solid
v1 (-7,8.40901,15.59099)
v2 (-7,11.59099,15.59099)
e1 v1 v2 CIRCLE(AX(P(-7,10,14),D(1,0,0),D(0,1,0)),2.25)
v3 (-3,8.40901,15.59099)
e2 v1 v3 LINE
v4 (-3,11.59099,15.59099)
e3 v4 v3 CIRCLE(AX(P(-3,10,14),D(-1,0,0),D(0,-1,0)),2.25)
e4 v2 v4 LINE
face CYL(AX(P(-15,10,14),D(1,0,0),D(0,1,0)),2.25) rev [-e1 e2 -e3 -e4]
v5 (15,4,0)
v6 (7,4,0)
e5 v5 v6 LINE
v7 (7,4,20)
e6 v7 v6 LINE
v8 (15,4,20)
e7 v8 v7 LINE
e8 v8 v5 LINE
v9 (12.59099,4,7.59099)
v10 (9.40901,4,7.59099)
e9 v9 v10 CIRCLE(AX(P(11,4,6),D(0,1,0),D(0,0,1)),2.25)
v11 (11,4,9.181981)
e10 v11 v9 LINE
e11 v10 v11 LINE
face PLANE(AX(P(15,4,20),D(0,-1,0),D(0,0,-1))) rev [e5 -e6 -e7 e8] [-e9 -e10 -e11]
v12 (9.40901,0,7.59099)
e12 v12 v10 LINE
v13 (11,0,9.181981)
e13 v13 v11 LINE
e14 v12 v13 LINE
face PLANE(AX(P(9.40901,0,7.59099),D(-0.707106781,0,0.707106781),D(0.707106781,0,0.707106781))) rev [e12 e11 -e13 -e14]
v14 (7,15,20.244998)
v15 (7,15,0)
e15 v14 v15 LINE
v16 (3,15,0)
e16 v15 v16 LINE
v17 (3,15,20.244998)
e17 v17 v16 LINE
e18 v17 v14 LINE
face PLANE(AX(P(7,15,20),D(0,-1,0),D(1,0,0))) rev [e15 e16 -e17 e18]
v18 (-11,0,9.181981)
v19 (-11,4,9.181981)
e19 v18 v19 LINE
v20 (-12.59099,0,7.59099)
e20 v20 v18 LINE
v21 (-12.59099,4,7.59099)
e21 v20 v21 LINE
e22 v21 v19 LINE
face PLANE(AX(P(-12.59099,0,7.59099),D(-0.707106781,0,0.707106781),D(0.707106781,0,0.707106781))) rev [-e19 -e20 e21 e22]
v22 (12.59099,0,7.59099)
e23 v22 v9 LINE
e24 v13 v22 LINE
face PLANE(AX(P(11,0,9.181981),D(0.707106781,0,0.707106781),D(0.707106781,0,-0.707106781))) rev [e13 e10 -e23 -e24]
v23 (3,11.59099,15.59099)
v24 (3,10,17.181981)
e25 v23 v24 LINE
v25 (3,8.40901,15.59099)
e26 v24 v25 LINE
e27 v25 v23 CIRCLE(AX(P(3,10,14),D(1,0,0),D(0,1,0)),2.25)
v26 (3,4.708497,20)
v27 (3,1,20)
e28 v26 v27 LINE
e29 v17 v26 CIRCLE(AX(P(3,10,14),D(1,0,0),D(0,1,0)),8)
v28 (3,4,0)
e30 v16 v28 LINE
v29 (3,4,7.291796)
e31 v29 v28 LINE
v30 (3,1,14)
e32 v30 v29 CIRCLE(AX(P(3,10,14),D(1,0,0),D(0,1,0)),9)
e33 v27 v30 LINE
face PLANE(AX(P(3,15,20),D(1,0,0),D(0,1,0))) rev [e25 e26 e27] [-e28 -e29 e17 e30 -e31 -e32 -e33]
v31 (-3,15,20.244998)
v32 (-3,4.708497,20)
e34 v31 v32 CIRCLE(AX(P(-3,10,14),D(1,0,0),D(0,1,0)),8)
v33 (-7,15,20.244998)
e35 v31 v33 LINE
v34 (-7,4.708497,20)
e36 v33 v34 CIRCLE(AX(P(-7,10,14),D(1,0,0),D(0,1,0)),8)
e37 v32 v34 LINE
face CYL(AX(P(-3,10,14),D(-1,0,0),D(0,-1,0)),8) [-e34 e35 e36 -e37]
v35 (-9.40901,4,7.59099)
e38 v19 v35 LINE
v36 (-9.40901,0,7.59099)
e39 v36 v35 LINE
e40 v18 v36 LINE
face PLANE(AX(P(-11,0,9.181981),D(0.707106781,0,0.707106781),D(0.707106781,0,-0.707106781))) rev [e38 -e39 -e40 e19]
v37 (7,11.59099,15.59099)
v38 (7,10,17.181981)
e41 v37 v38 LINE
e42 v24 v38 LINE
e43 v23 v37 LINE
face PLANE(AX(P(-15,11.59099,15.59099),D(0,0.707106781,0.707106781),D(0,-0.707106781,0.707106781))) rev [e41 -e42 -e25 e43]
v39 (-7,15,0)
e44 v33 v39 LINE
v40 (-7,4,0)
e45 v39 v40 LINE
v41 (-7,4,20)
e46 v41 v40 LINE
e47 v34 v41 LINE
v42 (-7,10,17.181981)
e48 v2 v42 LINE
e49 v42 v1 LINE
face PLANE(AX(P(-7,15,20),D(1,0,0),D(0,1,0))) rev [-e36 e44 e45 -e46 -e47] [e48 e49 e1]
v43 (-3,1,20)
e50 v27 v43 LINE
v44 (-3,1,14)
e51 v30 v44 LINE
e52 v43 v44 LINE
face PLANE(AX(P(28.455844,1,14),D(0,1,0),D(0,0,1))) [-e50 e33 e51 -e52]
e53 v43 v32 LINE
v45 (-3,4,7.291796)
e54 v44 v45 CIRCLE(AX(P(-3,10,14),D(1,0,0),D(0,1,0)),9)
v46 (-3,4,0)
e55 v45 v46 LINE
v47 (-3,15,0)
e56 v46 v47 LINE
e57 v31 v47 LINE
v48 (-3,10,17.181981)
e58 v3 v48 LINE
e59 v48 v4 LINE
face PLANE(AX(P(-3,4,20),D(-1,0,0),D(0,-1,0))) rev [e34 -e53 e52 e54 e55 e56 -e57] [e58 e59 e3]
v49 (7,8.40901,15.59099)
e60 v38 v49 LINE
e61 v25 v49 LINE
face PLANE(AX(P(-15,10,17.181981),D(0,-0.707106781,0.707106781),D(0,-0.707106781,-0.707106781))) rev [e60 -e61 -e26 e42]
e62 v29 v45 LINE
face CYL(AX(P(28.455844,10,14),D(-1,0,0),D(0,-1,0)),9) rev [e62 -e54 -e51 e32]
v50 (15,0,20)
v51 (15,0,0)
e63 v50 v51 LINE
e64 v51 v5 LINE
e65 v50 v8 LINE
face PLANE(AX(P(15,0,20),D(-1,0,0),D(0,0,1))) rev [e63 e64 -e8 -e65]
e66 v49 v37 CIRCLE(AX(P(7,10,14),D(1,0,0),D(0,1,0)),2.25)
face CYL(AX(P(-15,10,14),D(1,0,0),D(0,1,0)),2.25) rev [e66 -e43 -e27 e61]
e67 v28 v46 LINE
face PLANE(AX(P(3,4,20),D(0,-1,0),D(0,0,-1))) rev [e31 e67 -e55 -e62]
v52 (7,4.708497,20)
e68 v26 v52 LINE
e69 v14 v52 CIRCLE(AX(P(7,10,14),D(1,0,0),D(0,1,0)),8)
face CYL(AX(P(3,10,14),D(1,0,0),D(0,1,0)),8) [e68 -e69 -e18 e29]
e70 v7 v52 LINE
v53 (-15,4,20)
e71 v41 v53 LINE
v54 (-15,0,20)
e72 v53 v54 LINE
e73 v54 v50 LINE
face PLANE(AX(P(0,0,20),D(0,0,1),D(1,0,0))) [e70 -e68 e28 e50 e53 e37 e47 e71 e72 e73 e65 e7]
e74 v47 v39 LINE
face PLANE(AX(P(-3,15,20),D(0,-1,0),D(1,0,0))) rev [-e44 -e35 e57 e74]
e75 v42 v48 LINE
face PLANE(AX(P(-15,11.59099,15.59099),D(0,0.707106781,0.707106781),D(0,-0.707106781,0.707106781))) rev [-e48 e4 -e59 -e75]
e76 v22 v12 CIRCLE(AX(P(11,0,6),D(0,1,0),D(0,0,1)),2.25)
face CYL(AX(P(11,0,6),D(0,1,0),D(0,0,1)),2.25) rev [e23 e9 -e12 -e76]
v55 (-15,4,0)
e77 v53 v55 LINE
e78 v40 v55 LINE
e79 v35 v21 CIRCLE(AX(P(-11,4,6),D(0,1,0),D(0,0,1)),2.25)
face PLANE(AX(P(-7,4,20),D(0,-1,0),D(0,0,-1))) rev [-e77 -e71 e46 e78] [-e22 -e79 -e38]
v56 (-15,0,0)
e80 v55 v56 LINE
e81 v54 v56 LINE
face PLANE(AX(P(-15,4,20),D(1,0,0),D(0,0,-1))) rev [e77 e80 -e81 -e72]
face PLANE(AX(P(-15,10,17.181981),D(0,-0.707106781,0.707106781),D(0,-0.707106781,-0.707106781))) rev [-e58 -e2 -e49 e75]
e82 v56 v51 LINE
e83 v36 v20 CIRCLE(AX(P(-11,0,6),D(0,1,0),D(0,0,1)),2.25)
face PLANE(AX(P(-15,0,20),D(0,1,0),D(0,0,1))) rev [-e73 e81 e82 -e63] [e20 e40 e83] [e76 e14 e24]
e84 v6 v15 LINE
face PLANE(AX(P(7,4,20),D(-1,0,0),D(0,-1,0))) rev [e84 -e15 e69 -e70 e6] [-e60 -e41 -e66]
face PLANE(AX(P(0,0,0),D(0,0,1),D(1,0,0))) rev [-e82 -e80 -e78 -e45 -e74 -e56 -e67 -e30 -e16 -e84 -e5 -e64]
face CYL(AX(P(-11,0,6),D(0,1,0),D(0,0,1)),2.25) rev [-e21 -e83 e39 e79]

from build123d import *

# Parameters (mm, degrees)
BOSS_EXTRUDE1_DEPTH = 20
CUT_EXTRUDE1_DEPTH  = 28.313000567
CUT_EXTRUDE2_DEPTH  = 34.301651611
CUT_EXTRUDE3_DEPTH  = 6
BOSS_EXTRUDE2_DEPTH = 4


with BuildPart() as part:
    # Sketch1 → Boss-Extrude1 (new body)
    with BuildSketch(Plane.XY):
        Polygon((-15, 0), (15, 0), (15, 4), (7, 4), (7, 15), (3, 15), (3, 4), (-3, 4), (-3, 15), (-7, 15), (-7, 4), (-15, 4), align=None)
    extrude(amount=BOSS_EXTRUDE1_DEPTH)

    # Sketch2 → Cut-Extrude1 (cut, through all)
    with BuildSketch(Plane(origin=(0, 4, 0), x_dir=(1, 0, 0), z_dir=(0, 1, 0))):
        with BuildLine():
            Line((-12.590990258, -7.590990258), (-11, -9.181980515))
            Line((-11, -9.181980515), (-9.409009742, -7.590990258))
            ThreePointArc((-9.409009742, -7.590990258), (-11, -3.75), (-12.590990258, -7.590990258))
        make_face()
        with BuildLine():
            Line((9.409009742, -7.590990258), (11, -9.181980515))
            Line((11, -9.181980515), (12.590990258, -7.590990258))
            ThreePointArc((12.590990258, -7.590990258), (11, -3.75), (9.409009742, -7.590990258))
        make_face()
    extrude(amount=-CUT_EXTRUDE1_DEPTH, mode=Mode.SUBTRACT)

    # Sketch3 → Cut-Extrude2 (cut, through all)
    with BuildSketch(Plane(origin=(7, 0, 0), x_dir=(0, 0, -1), z_dir=(1, 0, 0))):
        with BuildLine():
            Line((-15.590990258, 11.590990258), (-17.181980515, 10))
            Line((-17.181980515, 10), (-15.590990258, 8.409009742))
            ThreePointArc((-15.590990258, 8.409009742), (-11.75, 10), (-15.590990258, 11.590990258))
        make_face()
    extrude(amount=-CUT_EXTRUDE2_DEPTH, mode=Mode.SUBTRACT)

    # Sketch4 → Cut-Extrude3 (cut)
    with BuildSketch(Plane(origin=(-3, 0, 0), x_dir=(0, 0, -1), z_dir=(1, 0, 0))):
        with BuildLine():
            Line((-14, 1), (-20, 1))
            Line((-20, 1), (-20, 3.291796068))
            ThreePointArc((-20, 3.291796068), (-10.788601192, 18.407551231), (-14, 1))
        make_face()
    extrude(amount=CUT_EXTRUDE3_DEPTH, mode=Mode.SUBTRACT)

    # Sketch5 → Boss-Extrude2 (add)
    with BuildSketch(Plane(origin=(7, 0, 0), x_dir=(0, 0, -1), z_dir=(1, 0, 0))):
        with BuildLine():
            Line((-20, 4.708497378), (-20, 15))
            Line((-20, 15), (-20.244997998, 15))
            ThreePointArc((-20.244997998, 15), (-21.997734089, 9.809607118), (-20, 4.708497378))
        make_face()
    boss_extrude2 = extrude(amount=-BOSS_EXTRUDE2_DEPTH)

    # Mirror1: Boss-Extrude2 across plane
    add(boss_extrude2.mirror(Plane(origin=(0, 0, 0), x_dir=(0, 0, 1), z_dir=(1, 0, 0))))


solid = part.part
